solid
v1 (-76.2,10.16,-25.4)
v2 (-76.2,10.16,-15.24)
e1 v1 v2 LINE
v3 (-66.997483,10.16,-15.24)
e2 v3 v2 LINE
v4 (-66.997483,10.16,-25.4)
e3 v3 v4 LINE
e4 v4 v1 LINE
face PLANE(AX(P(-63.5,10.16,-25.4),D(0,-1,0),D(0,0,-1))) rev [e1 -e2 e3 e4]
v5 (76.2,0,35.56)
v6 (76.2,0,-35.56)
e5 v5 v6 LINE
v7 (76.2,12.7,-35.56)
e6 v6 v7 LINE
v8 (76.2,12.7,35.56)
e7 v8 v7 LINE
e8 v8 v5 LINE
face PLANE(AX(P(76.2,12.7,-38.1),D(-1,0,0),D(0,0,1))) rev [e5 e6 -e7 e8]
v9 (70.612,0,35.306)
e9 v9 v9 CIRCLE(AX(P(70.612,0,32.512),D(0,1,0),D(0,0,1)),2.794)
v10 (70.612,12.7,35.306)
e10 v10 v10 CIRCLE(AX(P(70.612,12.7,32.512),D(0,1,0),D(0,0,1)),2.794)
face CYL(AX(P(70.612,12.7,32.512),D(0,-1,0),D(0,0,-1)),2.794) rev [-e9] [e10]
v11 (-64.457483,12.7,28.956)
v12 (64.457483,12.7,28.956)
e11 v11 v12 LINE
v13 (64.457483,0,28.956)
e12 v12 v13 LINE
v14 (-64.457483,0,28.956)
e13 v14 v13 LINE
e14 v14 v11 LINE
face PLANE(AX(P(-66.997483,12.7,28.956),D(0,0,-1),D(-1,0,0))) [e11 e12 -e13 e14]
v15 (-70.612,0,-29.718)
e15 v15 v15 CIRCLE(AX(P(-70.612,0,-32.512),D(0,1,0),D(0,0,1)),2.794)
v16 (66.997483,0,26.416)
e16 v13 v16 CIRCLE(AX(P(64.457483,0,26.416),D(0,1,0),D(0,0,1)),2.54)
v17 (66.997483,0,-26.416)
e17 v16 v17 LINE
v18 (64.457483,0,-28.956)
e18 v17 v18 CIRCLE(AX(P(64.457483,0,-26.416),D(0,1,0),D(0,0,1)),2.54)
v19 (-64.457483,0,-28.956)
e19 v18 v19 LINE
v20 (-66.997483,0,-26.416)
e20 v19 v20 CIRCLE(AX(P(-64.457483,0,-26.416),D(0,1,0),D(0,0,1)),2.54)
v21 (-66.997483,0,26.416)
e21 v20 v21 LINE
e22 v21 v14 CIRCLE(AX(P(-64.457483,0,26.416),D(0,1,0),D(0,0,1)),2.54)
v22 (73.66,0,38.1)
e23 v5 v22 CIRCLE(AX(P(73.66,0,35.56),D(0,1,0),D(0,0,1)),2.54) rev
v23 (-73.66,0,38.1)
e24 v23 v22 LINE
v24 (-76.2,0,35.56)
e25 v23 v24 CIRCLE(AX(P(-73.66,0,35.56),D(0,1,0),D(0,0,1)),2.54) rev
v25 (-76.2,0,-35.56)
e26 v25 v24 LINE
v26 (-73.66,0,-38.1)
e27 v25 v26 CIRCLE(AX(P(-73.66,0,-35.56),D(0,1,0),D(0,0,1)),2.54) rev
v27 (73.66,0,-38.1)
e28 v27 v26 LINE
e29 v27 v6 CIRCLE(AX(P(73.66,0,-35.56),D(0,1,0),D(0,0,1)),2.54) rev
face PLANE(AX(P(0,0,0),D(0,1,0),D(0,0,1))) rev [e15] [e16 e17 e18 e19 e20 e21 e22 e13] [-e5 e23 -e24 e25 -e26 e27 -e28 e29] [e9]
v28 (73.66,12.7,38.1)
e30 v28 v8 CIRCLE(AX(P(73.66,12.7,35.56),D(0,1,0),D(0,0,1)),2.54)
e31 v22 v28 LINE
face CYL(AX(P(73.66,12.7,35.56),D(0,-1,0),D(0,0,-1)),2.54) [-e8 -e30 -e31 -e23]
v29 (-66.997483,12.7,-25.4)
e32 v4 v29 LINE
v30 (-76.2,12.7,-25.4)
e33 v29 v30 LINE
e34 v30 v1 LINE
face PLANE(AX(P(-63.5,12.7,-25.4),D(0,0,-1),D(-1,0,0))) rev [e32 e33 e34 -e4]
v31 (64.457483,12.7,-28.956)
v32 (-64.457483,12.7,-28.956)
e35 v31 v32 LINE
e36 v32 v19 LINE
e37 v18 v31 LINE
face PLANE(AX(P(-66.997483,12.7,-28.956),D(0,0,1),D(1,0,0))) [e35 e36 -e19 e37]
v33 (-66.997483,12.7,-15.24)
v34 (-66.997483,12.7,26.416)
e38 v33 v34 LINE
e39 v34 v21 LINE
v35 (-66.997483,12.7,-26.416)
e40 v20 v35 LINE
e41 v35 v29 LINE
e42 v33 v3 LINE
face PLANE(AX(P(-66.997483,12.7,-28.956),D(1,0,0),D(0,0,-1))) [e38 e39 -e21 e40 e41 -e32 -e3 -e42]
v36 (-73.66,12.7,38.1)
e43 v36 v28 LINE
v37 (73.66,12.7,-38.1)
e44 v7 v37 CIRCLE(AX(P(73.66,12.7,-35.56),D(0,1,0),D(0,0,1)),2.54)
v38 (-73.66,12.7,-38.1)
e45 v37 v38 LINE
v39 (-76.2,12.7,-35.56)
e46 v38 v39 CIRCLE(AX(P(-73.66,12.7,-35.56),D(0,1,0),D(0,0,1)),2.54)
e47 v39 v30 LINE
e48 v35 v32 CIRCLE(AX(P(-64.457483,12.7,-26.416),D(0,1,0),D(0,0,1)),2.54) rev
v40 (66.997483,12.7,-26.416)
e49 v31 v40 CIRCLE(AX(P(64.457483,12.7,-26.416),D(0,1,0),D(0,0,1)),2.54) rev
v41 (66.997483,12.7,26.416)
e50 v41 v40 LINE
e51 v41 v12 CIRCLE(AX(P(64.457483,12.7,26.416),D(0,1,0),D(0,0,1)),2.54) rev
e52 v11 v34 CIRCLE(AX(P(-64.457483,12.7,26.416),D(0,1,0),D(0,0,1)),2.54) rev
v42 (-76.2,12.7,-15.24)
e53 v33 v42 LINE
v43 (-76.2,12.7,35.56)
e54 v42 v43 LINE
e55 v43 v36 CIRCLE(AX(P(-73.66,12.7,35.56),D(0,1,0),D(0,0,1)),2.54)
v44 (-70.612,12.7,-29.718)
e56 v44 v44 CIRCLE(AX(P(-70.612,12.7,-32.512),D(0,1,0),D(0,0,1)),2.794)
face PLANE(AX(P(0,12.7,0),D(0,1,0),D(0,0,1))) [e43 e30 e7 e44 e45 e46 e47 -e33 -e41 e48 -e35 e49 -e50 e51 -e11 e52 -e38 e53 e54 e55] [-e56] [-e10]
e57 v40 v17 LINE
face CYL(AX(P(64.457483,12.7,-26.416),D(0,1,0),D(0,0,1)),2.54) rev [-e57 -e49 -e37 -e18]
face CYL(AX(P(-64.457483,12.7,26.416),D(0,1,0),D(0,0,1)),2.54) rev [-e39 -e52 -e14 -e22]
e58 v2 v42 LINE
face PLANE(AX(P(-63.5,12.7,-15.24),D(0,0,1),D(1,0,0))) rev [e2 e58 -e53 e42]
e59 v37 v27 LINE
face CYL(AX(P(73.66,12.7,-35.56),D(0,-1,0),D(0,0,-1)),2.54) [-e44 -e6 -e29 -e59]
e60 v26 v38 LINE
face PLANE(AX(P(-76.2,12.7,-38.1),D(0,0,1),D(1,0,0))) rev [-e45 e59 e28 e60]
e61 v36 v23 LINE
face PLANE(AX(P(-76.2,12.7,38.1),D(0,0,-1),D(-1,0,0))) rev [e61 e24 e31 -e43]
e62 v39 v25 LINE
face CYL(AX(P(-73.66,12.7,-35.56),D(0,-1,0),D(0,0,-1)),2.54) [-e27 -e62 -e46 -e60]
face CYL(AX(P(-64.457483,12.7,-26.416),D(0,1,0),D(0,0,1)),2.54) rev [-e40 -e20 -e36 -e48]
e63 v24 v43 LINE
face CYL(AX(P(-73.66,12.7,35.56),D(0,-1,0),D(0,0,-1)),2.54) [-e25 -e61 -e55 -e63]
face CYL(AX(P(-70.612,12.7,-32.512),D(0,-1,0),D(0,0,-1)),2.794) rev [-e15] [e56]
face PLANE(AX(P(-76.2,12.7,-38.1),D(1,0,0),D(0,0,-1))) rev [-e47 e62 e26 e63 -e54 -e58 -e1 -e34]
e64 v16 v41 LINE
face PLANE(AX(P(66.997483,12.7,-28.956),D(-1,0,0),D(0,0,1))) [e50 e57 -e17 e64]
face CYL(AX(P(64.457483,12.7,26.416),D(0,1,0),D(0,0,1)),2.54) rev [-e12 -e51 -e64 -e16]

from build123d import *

# Parameters (mm, degrees)
SKETCH1_W           = 152.4
SKETCH1_H           = 76.2
BOSS_EXTRUDE1_DEPTH = 12.7
FILLET1_R           = 2.54
SKETCH3_W           = 133.99496637
SKETCH3_H           = 57.912
CUT_EXTRUDE4_DEPTH  = 13.7
FILLET2_R           = 2.54
SKETCH2_W           = 10.16
SKETCH2_H           = 2.54
CUT_EXTRUDE5_DEPTH  = 12.7
SKETCH4_R           = 2.794
CUT_EXTRUDE6_DEPTH  = 12.7
SKETCH5_R           = 2.794
CUT_EXTRUDE7_DEPTH  = 12.7


with BuildPart() as part:
    # Sketch1 → Boss-Extrude1 (new body)
    with BuildSketch(Plane(origin=(0, 0, 0), x_dir=(1, 0, 0), z_dir=(0, 1, 0))):
        Rectangle(SKETCH1_W, SKETCH1_H)
    extrude(amount=BOSS_EXTRUDE1_DEPTH)

    # Fillet1
    fillet1_edges = [part.edges().sort_by_distance(p)[0] for p in [
        (76.2, 6.35, 38.1),
        (-76.2, 6.35, 38.1),
        (-76.2, 6.35, -38.1),
        (76.2, 6.35, -38.1),
    ]]
    fillet(fillet1_edges, radius=FILLET1_R)

    # Sketch3 → Cut-Extrude4 (cut, through all)
    with BuildSketch(Plane(origin=(0, 0, 0), x_dir=(1, 0, 0), z_dir=(0, 1, 0))):
        Rectangle(SKETCH3_W, SKETCH3_H)
    extrude(amount=CUT_EXTRUDE4_DEPTH, mode=Mode.SUBTRACT)

    # Fillet2
    fillet2_edges = [part.edges().sort_by_distance(p)[0] for p in [
        (66.997483185, 6.35, 28.956),
        (66.997483185, 6.35, -28.956),
        (-66.997483185, 6.35, -28.956),
        (-66.997483185, 6.35, 28.956),
    ]]
    fillet(fillet2_edges, radius=FILLET2_R)

    # Sketch2 → Cut-Extrude5 (cut)
    with BuildSketch(Plane.ZY.offset(76.2)):
        with Locations((-20.32, 11.43)):
            Rectangle(SKETCH2_W, SKETCH2_H)
    extrude(amount=-CUT_EXTRUDE5_DEPTH, mode=Mode.SUBTRACT)

    # Sketch4 → Cut-Extrude6 (cut)
    with BuildSketch(Plane(origin=(0, 0, 0), x_dir=(1, 0, 0), z_dir=(0, 1, 0))):
        with Locations((-70.612, 32.512)):
            Circle(SKETCH4_R)
    extrude(amount=CUT_EXTRUDE6_DEPTH, mode=Mode.SUBTRACT)

    # Sketch5 → Cut-Extrude7 (cut)
    with BuildSketch(Plane(origin=(0, 0, 0), x_dir=(1, 0, 0), z_dir=(0, 1, 0))):
        with Locations((70.612, -32.512)):
            Circle(SKETCH5_R)
    extrude(amount=CUT_EXTRUDE7_DEPTH, mode=Mode.SUBTRACT)


solid = part.part
